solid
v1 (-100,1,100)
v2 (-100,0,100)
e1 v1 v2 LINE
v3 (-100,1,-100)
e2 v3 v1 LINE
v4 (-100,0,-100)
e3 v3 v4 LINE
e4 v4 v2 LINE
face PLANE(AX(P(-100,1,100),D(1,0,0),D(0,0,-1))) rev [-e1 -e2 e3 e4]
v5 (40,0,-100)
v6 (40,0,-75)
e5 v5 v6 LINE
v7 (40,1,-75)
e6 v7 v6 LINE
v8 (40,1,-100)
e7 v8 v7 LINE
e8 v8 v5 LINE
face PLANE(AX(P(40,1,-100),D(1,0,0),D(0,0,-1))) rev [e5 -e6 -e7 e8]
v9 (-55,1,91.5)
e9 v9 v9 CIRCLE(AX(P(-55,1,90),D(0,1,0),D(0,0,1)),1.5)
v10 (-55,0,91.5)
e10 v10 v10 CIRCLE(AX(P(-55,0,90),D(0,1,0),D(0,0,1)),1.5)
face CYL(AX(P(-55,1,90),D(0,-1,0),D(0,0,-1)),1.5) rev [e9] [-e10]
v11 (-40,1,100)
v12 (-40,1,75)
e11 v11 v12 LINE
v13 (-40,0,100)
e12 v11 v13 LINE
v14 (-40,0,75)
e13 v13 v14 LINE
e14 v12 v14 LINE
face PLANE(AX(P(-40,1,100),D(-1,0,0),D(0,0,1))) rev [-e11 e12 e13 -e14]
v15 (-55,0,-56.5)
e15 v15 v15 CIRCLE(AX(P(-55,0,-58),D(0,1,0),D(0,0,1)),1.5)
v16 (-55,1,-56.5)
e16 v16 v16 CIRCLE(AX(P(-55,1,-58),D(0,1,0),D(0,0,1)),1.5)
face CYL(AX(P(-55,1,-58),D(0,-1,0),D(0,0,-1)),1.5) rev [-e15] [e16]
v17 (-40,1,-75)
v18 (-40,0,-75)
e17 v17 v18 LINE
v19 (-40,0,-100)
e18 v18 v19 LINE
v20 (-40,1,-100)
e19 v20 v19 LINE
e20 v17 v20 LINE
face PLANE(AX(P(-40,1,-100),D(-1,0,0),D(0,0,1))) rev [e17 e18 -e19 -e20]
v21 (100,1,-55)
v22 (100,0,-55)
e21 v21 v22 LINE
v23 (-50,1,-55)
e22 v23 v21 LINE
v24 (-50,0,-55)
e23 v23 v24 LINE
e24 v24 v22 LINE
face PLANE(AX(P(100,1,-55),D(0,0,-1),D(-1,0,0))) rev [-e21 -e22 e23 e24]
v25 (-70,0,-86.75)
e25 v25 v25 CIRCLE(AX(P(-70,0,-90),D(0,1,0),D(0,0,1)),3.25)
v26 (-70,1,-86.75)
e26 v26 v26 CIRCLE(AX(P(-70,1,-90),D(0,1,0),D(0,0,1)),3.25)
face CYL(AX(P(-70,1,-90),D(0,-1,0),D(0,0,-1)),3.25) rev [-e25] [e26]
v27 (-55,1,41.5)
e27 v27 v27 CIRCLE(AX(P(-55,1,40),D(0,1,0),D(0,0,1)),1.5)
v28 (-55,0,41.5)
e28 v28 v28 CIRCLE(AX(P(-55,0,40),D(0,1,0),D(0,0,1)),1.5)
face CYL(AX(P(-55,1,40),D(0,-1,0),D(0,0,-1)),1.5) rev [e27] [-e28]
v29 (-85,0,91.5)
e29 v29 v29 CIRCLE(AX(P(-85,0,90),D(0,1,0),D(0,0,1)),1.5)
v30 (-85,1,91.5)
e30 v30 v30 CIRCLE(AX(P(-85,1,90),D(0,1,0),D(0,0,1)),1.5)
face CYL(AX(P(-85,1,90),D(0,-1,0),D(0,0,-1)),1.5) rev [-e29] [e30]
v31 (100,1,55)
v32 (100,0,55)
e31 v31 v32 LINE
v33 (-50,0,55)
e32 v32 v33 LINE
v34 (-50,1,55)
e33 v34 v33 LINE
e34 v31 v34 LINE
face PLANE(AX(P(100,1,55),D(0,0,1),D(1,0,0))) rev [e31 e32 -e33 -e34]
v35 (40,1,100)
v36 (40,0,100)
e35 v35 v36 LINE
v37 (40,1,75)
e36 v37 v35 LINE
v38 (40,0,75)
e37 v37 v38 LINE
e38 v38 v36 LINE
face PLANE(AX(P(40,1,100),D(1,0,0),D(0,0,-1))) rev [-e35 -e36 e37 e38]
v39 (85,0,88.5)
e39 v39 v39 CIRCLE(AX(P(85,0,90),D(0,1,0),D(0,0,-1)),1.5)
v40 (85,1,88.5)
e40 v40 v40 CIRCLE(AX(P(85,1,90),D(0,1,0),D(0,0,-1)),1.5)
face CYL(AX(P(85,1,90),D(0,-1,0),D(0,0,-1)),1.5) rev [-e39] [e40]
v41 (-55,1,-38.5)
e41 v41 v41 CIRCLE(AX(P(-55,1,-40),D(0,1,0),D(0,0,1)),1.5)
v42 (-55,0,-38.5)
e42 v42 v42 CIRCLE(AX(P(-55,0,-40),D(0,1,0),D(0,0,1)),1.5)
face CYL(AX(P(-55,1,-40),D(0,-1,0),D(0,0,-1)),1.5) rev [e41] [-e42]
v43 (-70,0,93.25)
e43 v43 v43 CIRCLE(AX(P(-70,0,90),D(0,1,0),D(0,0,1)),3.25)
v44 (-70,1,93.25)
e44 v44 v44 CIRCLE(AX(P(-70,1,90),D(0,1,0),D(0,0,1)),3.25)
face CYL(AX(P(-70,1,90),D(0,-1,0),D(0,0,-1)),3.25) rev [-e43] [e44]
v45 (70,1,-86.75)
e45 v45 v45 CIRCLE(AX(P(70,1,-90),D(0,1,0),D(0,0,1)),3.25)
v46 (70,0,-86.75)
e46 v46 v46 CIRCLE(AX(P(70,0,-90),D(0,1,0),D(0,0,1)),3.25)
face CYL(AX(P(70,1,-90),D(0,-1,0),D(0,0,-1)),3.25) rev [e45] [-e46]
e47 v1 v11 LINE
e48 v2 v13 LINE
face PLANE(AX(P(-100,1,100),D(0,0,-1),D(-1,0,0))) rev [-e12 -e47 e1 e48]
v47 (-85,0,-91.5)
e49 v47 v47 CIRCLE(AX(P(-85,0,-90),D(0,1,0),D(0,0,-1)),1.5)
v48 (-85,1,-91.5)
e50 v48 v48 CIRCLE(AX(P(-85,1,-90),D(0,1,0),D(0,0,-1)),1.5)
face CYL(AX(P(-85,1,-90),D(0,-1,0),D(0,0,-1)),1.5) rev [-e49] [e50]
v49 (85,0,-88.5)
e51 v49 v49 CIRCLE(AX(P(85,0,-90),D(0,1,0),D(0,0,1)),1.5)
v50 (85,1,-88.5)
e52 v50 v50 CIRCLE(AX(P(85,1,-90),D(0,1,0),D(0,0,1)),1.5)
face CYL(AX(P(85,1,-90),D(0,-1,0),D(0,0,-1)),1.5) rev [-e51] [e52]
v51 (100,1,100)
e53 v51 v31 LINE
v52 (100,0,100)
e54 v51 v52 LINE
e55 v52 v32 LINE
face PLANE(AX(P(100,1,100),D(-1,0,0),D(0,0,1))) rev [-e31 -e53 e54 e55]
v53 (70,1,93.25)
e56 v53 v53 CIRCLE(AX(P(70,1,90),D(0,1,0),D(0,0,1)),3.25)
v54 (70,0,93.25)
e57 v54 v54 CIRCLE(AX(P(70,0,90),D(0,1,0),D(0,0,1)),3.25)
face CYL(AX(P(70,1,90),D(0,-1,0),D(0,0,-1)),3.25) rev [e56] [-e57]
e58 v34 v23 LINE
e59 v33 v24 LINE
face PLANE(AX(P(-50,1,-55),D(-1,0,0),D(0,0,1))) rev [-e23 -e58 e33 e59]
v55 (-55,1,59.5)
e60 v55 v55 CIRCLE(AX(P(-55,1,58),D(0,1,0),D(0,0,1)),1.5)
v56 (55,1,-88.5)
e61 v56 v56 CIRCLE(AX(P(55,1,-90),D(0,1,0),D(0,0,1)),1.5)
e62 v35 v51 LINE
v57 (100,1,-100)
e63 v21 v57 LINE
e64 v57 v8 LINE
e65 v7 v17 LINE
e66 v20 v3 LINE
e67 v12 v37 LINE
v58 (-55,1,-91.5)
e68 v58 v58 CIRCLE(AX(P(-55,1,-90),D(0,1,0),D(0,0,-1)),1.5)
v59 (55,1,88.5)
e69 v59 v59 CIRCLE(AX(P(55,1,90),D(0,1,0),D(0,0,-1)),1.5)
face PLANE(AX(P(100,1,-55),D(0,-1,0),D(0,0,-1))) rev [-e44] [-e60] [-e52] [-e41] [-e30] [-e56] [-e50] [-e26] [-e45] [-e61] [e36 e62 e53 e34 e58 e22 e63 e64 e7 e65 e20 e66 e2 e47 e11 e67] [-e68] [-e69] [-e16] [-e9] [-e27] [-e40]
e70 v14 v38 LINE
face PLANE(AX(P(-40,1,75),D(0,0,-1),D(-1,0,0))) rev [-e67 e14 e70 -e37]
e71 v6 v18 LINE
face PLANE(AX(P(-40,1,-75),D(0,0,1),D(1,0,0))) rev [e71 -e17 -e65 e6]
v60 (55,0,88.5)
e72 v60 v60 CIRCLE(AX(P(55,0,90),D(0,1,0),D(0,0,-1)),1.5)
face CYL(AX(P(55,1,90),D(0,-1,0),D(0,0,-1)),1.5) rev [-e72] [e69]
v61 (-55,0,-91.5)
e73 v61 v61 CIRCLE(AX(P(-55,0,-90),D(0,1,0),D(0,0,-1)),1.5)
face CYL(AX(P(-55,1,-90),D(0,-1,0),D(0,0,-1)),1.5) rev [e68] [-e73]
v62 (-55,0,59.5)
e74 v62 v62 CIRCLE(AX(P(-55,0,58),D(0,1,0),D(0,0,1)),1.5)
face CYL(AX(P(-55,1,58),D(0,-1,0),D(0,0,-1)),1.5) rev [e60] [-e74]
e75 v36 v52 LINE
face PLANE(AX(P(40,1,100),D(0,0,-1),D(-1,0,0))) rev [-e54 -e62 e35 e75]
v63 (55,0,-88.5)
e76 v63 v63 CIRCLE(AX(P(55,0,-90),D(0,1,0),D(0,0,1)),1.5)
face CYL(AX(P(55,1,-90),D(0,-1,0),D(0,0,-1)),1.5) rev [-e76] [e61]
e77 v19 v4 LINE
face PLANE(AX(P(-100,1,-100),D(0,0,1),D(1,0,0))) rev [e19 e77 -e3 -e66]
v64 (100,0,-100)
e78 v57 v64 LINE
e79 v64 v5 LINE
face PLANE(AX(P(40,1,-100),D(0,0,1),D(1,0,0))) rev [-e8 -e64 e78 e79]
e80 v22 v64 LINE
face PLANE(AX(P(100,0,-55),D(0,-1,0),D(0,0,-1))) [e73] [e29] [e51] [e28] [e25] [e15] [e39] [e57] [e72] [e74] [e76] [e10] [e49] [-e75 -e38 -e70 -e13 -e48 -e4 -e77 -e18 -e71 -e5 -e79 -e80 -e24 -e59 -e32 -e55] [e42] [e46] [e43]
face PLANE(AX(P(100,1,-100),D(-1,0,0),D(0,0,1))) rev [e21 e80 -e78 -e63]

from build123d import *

# Parameters (mm, degrees)
ESQUISSE1_R        = 1.5
ESQUISSE1_R_2      = 3.25
BOSS_EXTRU_1_DEPTH = 1


with BuildPart() as part:
    # Esquisse1 → Boss.-Extru.1 (new body)
    with BuildSketch(Plane(origin=(0, 0, 0), x_dir=(1, 0, 0), z_dir=(0, 1, 0))):
        Polygon((-40, 100), (-40, 75), (40, 75), (40, 100), (100, 100), (100, 55), (-50, 55), (-50, -55), (100, -55), (100, -100), (40, -100), (40, -75), (-40, -75), (-40, -100), (-100, -100), (-100, 100), align=None)
        with Locations((-85, 90)):
            Circle(ESQUISSE1_R, mode=Mode.SUBTRACT)
        with Locations((-55, 90)):
            Circle(ESQUISSE1_R, mode=Mode.SUBTRACT)
        with Locations((-55, -90)):
            Circle(ESQUISSE1_R, mode=Mode.SUBTRACT)
        with Locations((-85, -90)):
            Circle(ESQUISSE1_R, mode=Mode.SUBTRACT)
        with Locations((55, -90)):
            Circle(ESQUISSE1_R, mode=Mode.SUBTRACT)
        with Locations((85, -90)):
            Circle(ESQUISSE1_R, mode=Mode.SUBTRACT)
        with Locations((-55, -58)):
            Circle(ESQUISSE1_R, mode=Mode.SUBTRACT)
        with Locations((-55, -40)):
            Circle(ESQUISSE1_R, mode=Mode.SUBTRACT)
        with Locations((-55, 40)):
            Circle(ESQUISSE1_R, mode=Mode.SUBTRACT)
        with Locations((-55, 58)):
            Circle(ESQUISSE1_R, mode=Mode.SUBTRACT)
        with Locations((-70, -90)):
            Circle(ESQUISSE1_R_2, mode=Mode.SUBTRACT)
        with Locations((70, -90)):
            Circle(ESQUISSE1_R_2, mode=Mode.SUBTRACT)
        with Locations((70, 90)):
            Circle(ESQUISSE1_R_2, mode=Mode.SUBTRACT)
        with Locations((-70, 90)):
            Circle(ESQUISSE1_R_2, mode=Mode.SUBTRACT)
        with Locations((55, 90)):
            Circle(ESQUISSE1_R, mode=Mode.SUBTRACT)
        with Locations((85, 90)):
            Circle(ESQUISSE1_R, mode=Mode.SUBTRACT)
    extrude(amount=BOSS_EXTRU_1_DEPTH)


solid = part.part
